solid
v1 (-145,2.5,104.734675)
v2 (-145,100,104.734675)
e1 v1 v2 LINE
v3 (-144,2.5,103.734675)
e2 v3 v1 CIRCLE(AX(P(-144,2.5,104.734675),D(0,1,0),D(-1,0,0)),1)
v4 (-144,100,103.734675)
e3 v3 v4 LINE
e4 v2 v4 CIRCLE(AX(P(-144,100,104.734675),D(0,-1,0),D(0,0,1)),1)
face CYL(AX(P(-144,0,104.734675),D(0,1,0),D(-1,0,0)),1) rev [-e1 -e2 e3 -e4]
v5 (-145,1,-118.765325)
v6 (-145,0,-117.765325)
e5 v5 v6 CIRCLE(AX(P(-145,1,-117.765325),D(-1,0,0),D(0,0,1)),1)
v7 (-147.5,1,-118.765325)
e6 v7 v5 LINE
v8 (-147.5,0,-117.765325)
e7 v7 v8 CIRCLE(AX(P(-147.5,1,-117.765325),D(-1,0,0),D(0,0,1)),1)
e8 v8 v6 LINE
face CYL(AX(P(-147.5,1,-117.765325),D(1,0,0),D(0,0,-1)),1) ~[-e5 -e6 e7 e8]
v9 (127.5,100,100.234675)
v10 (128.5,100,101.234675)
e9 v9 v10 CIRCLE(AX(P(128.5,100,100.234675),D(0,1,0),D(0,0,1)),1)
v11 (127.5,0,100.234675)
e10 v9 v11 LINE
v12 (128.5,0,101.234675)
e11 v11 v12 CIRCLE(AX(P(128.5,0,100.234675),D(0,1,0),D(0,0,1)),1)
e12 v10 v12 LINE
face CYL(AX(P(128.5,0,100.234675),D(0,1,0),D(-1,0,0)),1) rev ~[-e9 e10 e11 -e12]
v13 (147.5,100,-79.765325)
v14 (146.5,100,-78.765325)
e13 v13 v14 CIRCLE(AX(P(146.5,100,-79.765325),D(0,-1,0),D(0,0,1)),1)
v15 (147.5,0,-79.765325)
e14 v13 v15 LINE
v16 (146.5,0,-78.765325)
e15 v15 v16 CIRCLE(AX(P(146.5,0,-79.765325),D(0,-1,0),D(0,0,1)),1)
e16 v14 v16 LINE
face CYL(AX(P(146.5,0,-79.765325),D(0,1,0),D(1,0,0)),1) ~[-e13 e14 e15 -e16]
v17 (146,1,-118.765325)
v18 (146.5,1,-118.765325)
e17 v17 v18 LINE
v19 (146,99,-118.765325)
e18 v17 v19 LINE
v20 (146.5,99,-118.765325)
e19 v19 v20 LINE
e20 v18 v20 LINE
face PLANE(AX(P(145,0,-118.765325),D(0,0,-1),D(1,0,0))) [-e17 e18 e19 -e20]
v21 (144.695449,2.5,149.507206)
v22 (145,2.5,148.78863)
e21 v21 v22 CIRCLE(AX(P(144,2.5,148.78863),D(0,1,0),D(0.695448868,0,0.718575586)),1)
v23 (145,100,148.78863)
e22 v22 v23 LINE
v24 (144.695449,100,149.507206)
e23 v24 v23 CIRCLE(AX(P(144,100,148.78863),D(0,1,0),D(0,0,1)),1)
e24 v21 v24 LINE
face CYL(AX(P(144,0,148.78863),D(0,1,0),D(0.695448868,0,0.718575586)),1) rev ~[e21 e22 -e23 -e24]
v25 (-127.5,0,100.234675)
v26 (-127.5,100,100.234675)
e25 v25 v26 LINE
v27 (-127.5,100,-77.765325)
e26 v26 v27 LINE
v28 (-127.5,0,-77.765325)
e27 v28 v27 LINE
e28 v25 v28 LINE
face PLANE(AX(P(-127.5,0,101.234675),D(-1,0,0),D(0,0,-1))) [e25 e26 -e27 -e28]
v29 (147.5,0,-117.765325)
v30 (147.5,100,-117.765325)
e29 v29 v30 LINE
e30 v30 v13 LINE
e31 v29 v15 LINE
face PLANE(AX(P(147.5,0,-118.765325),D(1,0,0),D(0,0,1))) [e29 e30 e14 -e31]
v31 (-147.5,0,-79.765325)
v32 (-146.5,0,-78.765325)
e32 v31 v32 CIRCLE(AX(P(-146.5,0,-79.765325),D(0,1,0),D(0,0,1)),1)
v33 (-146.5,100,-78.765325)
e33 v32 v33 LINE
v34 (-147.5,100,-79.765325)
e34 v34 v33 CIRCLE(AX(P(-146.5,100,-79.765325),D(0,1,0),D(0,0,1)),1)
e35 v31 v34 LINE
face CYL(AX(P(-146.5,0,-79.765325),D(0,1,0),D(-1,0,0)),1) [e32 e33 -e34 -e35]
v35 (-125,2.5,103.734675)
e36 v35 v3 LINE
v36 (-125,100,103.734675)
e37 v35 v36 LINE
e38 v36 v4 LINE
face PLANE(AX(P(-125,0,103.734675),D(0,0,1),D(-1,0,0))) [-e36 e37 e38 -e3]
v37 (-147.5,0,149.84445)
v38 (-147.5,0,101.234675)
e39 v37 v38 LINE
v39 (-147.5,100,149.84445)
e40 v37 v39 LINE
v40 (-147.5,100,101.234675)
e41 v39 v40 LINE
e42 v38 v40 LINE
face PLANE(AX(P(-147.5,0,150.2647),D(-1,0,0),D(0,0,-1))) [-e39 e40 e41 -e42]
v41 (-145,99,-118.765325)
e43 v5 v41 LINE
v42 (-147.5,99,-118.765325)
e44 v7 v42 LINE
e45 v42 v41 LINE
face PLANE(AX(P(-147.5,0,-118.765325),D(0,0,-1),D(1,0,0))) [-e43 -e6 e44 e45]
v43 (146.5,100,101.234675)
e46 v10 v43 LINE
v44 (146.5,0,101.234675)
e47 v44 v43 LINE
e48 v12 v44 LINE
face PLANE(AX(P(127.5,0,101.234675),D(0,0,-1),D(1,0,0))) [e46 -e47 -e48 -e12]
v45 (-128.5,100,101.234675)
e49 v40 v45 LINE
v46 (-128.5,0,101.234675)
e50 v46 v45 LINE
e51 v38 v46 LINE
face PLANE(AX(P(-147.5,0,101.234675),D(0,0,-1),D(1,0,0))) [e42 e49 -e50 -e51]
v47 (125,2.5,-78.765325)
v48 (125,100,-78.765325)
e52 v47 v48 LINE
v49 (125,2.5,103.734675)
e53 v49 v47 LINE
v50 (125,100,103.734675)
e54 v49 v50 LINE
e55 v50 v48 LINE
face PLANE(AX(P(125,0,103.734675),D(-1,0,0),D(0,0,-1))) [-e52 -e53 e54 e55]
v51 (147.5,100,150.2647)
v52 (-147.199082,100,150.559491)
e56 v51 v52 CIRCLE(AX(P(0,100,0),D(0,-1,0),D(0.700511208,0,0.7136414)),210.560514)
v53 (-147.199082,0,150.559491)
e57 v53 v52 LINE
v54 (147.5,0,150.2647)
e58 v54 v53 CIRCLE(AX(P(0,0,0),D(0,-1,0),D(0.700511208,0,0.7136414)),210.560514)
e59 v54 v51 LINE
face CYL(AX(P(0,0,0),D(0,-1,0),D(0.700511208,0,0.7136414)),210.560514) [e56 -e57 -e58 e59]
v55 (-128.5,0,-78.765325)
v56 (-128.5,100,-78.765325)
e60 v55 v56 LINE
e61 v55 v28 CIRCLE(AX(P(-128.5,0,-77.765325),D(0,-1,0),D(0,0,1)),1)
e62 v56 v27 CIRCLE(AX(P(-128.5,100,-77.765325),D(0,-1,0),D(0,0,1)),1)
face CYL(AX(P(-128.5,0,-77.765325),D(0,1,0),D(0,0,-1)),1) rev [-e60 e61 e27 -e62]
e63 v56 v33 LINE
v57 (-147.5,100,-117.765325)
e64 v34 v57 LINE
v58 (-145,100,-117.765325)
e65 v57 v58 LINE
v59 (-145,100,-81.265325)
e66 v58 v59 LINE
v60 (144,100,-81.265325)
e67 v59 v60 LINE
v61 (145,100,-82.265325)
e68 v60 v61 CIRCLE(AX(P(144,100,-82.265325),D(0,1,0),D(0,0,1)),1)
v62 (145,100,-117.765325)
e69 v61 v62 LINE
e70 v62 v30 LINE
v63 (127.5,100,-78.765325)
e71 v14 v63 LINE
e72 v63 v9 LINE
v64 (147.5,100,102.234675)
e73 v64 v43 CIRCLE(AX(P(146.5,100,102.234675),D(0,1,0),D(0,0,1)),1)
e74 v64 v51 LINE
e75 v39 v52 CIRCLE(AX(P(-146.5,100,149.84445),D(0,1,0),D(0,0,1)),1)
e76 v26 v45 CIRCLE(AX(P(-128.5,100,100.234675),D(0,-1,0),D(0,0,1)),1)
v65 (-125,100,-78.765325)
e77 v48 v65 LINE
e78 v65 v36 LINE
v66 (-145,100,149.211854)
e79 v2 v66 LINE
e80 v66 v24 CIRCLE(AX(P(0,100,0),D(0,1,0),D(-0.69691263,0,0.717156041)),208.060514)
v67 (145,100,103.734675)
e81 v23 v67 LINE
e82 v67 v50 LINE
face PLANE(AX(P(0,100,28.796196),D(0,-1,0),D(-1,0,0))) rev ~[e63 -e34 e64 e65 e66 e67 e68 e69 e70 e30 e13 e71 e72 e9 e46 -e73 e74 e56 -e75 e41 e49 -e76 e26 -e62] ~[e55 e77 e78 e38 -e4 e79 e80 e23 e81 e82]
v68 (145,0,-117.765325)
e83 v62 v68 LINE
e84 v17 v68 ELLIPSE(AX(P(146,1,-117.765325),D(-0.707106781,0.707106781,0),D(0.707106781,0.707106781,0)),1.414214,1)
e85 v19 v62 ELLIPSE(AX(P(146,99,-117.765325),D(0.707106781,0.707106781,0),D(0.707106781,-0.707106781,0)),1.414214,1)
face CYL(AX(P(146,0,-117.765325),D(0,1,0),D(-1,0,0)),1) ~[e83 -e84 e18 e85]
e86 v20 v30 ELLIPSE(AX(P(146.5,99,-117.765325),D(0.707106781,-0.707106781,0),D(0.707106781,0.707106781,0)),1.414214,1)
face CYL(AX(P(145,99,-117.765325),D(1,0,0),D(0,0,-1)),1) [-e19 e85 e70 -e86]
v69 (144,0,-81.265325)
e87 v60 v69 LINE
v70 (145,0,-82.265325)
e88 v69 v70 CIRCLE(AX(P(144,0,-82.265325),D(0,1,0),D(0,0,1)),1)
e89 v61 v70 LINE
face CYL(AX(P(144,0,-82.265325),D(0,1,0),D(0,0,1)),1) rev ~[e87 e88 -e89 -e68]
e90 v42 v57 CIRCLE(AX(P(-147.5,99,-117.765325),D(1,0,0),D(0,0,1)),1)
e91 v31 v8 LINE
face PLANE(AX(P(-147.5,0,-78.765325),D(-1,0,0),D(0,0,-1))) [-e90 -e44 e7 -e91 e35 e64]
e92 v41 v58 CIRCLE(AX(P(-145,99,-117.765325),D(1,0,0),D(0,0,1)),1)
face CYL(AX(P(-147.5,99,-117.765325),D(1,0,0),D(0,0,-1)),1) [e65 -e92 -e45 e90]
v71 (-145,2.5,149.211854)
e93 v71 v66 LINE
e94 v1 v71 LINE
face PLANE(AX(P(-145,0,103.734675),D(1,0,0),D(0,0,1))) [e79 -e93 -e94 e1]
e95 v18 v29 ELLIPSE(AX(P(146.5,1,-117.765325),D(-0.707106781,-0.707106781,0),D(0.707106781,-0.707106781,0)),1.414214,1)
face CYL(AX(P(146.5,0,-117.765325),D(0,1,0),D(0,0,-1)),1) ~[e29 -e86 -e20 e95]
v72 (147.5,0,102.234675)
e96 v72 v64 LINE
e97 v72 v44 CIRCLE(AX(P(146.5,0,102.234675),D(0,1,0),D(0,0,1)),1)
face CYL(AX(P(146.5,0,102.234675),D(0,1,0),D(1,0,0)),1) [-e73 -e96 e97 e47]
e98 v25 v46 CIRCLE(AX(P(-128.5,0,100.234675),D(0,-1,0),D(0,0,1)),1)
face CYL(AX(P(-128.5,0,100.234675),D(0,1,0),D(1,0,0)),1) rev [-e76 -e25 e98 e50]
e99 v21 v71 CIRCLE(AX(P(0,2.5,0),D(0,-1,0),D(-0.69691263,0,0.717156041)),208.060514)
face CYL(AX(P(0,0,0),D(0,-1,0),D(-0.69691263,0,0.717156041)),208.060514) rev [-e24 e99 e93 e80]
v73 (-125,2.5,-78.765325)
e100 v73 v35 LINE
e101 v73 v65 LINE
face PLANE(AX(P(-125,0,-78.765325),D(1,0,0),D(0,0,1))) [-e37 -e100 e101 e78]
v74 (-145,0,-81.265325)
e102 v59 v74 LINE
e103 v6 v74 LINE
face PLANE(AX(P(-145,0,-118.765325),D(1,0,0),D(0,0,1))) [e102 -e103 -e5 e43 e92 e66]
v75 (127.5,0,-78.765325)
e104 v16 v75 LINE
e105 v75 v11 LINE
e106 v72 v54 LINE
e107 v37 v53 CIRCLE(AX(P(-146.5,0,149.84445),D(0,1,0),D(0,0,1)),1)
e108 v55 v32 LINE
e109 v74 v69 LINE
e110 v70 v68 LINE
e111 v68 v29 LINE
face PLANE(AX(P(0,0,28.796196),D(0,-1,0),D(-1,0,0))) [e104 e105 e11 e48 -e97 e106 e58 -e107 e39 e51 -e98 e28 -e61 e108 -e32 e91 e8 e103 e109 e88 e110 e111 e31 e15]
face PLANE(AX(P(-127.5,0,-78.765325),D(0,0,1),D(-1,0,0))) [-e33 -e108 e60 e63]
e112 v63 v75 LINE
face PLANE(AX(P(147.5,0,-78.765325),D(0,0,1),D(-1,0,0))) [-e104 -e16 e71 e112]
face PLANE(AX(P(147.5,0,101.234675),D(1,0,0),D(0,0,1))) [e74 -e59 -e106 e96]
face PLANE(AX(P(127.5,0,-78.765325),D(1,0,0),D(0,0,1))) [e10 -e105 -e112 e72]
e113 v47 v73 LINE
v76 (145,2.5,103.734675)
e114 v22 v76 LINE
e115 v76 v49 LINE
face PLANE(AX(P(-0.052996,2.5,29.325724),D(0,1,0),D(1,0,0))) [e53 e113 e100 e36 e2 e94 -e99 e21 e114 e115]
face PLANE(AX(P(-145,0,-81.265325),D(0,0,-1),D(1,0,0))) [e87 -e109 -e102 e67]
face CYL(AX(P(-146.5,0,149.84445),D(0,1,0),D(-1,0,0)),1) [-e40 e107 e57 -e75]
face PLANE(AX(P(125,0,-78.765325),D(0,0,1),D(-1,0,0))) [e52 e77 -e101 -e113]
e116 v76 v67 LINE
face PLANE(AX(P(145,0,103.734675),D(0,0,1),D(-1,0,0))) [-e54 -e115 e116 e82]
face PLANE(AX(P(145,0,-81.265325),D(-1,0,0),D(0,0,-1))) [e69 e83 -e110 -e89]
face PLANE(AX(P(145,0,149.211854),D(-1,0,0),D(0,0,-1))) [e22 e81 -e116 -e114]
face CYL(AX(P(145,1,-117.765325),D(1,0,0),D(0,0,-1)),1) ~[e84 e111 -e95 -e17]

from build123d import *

# Parameters (mm, degrees)
BOSS_EXTRUDE1_DEPTH = 100
FILLET1_R           = 1
BOSS_EXTRUDE2_START = 2.5
BOSS_EXTRUDE2_DEPTH = 2.5


with BuildPart() as part:
    # Sketch1 → Boss-Extrude1 (new body)
    with BuildSketch(Plane(origin=(0, 0, 0), x_dir=(1, 0, 0), z_dir=(0, 1, 0))):
        with BuildLine():
            Line((-147.5, 118.765325103), (-145, 118.765325103))
            Line((-145, 118.765325103), (-145, 81.265325103))
            Line((-145, 81.265325103), (-125, 81.265325103))
            Line((-125, 81.265325103), (125, 81.265325103))
            Line((125, 81.265325103), (145, 81.265325103))
            Line((145, 81.265325103), (145, 118.765325103))
            Line((145, 118.765325103), (147.5, 118.765325103))
            Line((147.5, 118.765325103), (147.5, 78.765325103))
            Line((147.5, 78.765325103), (127.5, 78.765325103))
            Line((127.5, 78.765325103), (127.5, -101.234674897))
            Line((127.5, -101.234674897), (147.5, -101.234674897))
            Line((147.5, -101.234674897), (147.5, -150.264700033))
            ThreePointArc((147.5, -150.264700033), (0, -210.560514048), (-147.5, -150.264700033))
            Line((-147.5, -150.264700033), (-147.5, -101.234674897))
            Line((-147.5, -101.234674897), (-127.5, -101.234674897))
            Line((-127.5, -101.234674897), (-127.5, 78.765325103))
            Line((-127.5, 78.765325103), (-147.5, 78.765325103))
            Line((-147.5, 78.765325103), (-147.5, 118.765325103))
        make_face()
        with BuildLine():
            Line((145, -149.211854441), (145, -103.734674897))
            Line((145, -103.734674897), (125, -103.734674897))
            Line((125, -103.734674897), (125, 78.765325103))
            Line((125, 78.765325103), (-125, 78.765325103))
            Line((-125, 78.765325103), (-125, -103.734674897))
            Line((-125, -103.734674897), (-145, -103.734674897))
            Line((-145, -103.734674897), (-145, -149.211854441))
            ThreePointArc((-145, -149.211854441), (0, -208.060514048), (145, -149.211854441))
        make_face(mode=Mode.SUBTRACT)
    extrude(amount=BOSS_EXTRUDE1_DEPTH)

    # Fillet1
    fillet1_edges = [part.edges().sort_by_distance(p)[0] for p in [
        (-146.25, 0, -118.765325103),
        (146.25, 100, -118.765325103),
        (146.25, 0, -118.765325103),
        (147.5, 50, 101.234674897),
        (-147.5, 50, 150.264700033),
        (-127.5, 50, 101.234674897),
        (-127.5, 50, -78.765325103),
        (-147.5, 50, -78.765325103),
        (145, 50, -81.265325103),
        (145, 50, -118.765325103),
        (147.5, 50, -118.765325103),
        (147.5, 50, -78.765325103),
        (127.5, 50, 101.234674897),
        (-146.25, 100, -118.765325103),
        (-145, 50, 103.734674897),
        (145, 50, 149.211854441),
    ]]
    fillet(fillet1_edges, radius=FILLET1_R)

    # Sketch4 → Boss-Extrude2 (add)
    with BuildSketch(Plane(origin=(0, 0, 0), x_dir=(1, 0, 0), z_dir=(0, 1, 0)).offset(BOSS_EXTRUDE2_START)):
        with BuildLine():
            Line((147.5, 79.765325103), (147.5, 117.765325103))
            Line((147.5, 117.765325103), (145, 117.765325103))
            Line((145, 117.765325103), (145, 82.265325103))
            ThreePointArc((145, 82.265325103), (144.707106781, 81.558218322), (144, 81.265325103))
            Line((144, 81.265325103), (-145, 81.265325103))
            Line((-145, 81.265325103), (-145, 117.765325103))
            Line((-145, 117.765325103), (-147.5, 117.765325103))
            Line((-147.5, 117.765325103), (-147.5, 79.765325103))
            ThreePointArc((-147.5, 79.765325103), (-147.207106781, 79.058218322), (-146.5, 78.765325103))
            Line((-146.5, 78.765325103), (-128.5, 78.765325103))
            ThreePointArc((-128.5, 78.765325103), (-127.792893219, 78.472431884), (-127.5, 77.765325103))
            Line((-127.5, 77.765325103), (-127.5, -100.234674897))
            ThreePointArc((-127.5, -100.234674897), (-127.792893219, -100.941781678), (-128.5, -101.234674897))
            Line((-128.5, -101.234674897), (-147.5, -101.234674897))
            Line((-147.5, -101.234674897), (-147.5, -149.844449507))
            ThreePointArc((-147.5, -149.844449507), (-147.421705506, -150.232339904), (-147.19908208, -150.559490936))
            ThreePointArc((-147.19908208, -150.559490936), (0.210626014, -210.560408702), (147.5, -150.264700033))
            Line((147.5, -150.264700033), (147.5, -102.234674897))
            ThreePointArc((147.5, -102.234674897), (147.207106781, -101.527568116), (146.5, -101.234674897))
            Line((146.5, -101.234674897), (128.5, -101.234674897))
            ThreePointArc((128.5, -101.234674897), (127.792893219, -100.941781678), (127.5, -100.234674897))
            Line((127.5, -100.234674897), (127.5, 78.765325103))
            Line((127.5, 78.765325103), (146.5, 78.765325103))
            ThreePointArc((146.5, 78.765325103), (147.207106781, 79.058218322), (147.5, 79.765325103))
        make_face()
    extrude(amount=-BOSS_EXTRUDE2_DEPTH)


solid = part.part
